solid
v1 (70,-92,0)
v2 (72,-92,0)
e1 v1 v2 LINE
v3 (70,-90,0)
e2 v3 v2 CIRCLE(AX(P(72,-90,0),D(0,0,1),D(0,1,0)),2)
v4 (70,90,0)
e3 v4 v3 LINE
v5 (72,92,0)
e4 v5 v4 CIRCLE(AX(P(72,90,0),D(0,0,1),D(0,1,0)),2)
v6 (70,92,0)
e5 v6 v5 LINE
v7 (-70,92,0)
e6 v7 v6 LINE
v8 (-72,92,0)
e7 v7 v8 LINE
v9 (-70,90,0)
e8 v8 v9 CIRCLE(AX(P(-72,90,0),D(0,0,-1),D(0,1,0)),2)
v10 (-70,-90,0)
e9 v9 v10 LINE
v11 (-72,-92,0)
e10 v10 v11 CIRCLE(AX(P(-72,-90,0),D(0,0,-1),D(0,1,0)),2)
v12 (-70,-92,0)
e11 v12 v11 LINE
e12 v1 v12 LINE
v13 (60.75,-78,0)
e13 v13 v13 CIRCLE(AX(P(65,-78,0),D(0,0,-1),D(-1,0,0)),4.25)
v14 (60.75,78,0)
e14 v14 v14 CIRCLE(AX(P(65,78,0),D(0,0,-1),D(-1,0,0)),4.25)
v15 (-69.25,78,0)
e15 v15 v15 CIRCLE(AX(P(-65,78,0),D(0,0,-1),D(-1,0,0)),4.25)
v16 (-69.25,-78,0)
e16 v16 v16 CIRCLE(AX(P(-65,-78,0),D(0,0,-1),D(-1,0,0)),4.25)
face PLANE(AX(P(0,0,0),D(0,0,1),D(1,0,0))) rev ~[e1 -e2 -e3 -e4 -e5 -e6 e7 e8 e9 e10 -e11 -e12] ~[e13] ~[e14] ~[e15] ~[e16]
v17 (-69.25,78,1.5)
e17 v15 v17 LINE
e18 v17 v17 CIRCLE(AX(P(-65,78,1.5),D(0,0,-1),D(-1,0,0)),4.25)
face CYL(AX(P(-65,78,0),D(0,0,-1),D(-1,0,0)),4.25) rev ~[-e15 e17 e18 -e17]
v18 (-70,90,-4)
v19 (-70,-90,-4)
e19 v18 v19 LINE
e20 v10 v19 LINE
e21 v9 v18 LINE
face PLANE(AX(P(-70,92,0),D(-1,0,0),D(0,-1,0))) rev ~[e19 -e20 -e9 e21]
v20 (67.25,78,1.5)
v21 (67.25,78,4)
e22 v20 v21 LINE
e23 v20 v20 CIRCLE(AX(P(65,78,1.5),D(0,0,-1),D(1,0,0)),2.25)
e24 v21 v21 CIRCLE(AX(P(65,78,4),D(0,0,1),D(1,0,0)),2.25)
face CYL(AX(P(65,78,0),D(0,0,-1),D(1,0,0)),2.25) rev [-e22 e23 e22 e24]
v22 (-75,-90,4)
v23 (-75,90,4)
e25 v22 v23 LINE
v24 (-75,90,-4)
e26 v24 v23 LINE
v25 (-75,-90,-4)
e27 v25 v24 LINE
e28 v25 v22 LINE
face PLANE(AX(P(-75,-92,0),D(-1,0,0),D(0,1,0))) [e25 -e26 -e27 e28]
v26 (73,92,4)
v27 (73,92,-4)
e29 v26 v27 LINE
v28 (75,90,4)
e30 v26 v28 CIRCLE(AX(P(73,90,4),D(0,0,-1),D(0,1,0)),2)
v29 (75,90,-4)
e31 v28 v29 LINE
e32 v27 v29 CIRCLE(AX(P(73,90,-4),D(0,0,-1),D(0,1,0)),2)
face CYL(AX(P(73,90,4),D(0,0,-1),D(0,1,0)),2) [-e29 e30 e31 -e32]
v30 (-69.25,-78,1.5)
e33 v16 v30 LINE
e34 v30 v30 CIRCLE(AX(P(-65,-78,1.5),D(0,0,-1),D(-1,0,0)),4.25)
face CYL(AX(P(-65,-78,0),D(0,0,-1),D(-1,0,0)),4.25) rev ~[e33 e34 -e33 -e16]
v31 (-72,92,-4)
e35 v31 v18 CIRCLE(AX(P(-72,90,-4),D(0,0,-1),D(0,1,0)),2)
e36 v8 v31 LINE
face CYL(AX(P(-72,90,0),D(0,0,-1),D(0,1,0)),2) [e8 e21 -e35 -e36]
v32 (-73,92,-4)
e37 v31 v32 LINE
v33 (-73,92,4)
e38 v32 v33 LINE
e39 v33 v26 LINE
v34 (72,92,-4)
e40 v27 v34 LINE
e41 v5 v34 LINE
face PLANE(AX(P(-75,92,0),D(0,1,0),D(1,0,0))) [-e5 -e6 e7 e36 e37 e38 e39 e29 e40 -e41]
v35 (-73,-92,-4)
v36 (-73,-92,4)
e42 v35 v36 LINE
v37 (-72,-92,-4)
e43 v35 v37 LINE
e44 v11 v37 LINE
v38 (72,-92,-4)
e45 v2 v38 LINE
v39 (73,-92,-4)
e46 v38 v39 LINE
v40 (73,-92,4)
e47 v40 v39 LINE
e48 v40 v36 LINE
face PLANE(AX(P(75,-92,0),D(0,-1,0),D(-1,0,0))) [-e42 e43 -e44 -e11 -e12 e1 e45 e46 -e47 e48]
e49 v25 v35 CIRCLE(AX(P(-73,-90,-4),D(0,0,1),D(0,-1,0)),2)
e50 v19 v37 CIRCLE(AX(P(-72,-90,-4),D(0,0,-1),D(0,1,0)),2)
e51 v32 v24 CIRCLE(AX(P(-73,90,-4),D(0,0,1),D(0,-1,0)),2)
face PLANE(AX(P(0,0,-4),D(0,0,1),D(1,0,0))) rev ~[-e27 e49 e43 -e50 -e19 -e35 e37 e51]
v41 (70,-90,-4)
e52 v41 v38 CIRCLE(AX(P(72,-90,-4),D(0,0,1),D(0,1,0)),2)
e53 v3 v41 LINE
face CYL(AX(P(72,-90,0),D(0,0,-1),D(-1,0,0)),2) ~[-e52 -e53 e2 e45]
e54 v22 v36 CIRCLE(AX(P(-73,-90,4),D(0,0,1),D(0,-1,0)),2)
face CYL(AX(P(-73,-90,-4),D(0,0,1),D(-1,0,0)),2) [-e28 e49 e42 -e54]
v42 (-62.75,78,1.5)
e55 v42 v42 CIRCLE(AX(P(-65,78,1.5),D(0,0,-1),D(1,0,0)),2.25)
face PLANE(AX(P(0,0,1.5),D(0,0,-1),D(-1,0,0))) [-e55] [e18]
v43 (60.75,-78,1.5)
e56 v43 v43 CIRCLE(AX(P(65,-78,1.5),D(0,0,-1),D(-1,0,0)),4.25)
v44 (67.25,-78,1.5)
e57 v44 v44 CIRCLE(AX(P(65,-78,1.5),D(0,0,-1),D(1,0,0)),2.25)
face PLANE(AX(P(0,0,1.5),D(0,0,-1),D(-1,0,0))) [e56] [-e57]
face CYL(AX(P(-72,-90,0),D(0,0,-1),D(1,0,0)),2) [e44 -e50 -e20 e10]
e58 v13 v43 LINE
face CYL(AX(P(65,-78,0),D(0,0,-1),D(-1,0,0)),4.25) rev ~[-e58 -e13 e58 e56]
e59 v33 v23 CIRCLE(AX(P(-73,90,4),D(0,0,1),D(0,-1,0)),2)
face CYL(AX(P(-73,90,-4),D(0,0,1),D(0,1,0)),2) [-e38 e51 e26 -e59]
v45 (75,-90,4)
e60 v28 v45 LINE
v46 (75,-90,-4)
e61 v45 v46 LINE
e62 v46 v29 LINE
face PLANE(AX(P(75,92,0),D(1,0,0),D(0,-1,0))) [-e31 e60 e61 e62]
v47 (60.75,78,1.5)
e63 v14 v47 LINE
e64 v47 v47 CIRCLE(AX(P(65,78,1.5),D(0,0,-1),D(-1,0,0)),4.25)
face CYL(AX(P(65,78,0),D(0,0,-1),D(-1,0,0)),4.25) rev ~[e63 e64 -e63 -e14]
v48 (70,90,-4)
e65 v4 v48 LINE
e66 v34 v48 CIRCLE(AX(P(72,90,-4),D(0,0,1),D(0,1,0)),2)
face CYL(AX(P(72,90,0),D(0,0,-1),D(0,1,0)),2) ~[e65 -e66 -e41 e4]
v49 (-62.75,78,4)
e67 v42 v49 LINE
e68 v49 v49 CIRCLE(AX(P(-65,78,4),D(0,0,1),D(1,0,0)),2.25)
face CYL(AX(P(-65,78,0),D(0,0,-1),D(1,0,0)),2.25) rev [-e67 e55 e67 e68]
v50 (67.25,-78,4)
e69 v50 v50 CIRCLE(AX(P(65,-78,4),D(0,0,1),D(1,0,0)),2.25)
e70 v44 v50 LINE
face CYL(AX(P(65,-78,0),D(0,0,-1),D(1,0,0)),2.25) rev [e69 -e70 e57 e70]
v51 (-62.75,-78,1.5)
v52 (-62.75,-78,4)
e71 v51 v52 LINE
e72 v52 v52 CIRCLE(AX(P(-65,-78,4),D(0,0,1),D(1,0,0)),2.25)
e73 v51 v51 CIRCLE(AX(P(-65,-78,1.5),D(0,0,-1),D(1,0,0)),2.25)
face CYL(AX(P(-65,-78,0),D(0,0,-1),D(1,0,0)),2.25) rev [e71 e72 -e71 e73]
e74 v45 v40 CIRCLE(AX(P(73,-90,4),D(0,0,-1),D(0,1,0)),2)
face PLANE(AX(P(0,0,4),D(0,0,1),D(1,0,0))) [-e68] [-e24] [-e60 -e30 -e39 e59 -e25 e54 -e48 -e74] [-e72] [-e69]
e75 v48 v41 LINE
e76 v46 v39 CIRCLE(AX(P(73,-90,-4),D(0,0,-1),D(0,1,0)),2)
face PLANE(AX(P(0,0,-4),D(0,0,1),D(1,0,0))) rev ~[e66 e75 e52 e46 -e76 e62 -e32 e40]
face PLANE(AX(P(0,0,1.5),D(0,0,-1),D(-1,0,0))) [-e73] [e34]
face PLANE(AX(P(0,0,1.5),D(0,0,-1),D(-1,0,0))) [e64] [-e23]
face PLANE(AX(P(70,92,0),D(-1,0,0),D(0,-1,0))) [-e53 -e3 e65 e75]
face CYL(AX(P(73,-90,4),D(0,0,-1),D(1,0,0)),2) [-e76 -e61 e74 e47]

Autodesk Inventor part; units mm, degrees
ref_plane "YZ Plane" through (0, 0, 0) normal (1, 0, 0) x (0, 1, 0)
ref_plane "XZ Plane" through (0, 0, 0) normal (0, 1, 0) x (-1, 0, 0)
ref_plane "XY Plane" through (0, 0, 0) normal (0, 0, 1) x (1, 0, 0)
sketch "スケッチ1" plane through (0, 0, 0) normal (0, 0, 1) x (1, 0, 0)
  line L0 (-75, 92) -> (75, 92)
  line L1 (75, 92) -> (75, -92)
  line L2 (75, -92) -> (-75, -92)
  line L3 (-75, -92) -> (-75, 92)
  line L4 (65, 92) -> (65, -92) construction
  line L5 (-65, 92) -> (-65, -92) construction
  line L6 (-65, 0) -> (65, 0) construction
  circle A0 centre (-65, 78) radius 2.25
  circle A1 centre (65, 78) radius 2.25
  circle A2 centre (-65, -78) radius 2.25
  circle A3 centre (65, -78) radius 2.25
  point P0 (0, 0)
  point P1 (0, 92)
  point P2 (-75, 0)
  point P3 (0, 0)
  dimension "d0" = 184
  dimension "d1" = 150
  dimension "d2" = 130
  dimension "d3" = 78
  dimension "d4" = 78
  dimension "d5" = 4.5
extrude "押し出し1" add sketch "スケッチ1" along normal blind 4
sketch "スケッチ3" plane through (0, 0, 0) normal (0, 0, 1) x (1, 0, 0)
  line L0 (-75, -92) -> (75, -92) construction
  line L1 (-75, 92) -> (-75, -92) construction
  line L2 (75, 92) -> (-75, 92) construction
  line L3 (75, -92) -> (75, 92) construction
  circle A0 centre (65, -78) radius 2.25 construction
  circle A1 centre (-65, -78) radius 2.25 construction
  circle A2 centre (65, 78) radius 2.25 construction
  circle A3 centre (-65, 78) radius 2.25 construction
  line L4 (75, 92) -> (-75, 92) projected
  line L5 (-75, -92) -> (75, -92) projected
  line L6 (-75, 92) -> (-70, 92)
  line L7 (-70, 92) -> (-70, -92)
  line L8 (-70, -92) -> (-75, -92)
  line L9 (-75, -92) -> (-75, 92)
  line L10 (75, -92) -> (75, 92) projected
  line L11 (75, 92) -> (70, 92)
  line L12 (70, 92) -> (70, -92)
  line L13 (70, -92) -> (75, -92)
  line L14 (75, -92) -> (75, 92)
  point P0 (0, 0)
  point P1 (70, 92)
  point P2 (70, -92)
  dimension "d8" = 5
extrude "押し出し2" add sketch "スケッチ3" against normal blind 4 contours L10 L5 L12 L4 | L7 L5 L9 L4
sketch "スケッチ4" plane through (0, 0, 0) normal (0, 0, -1) x (-1, 0, 0)
  circle A0 centre (65, 78) radius 2.25 construction
  circle A1 centre (-65, 78) radius 2.25 construction
  circle A2 centre (-65, -78) radius 2.25 construction
  circle A3 centre (65, -78) radius 2.25 construction
  circle A4 centre (65, 78) radius 2.25 projected
  circle A5 centre (65, 78) radius 4.25
  circle A6 centre (65, -78) radius 2.25 projected
  circle A7 centre (65, -78) radius 4.25
  circle A8 centre (-65, 78) radius 2.25 projected
  circle A9 centre (-65, 78) radius 4.25
  circle A10 centre (-65, -78) radius 2.25 projected
  circle A11 centre (-65, -78) radius 4.25
  point P0 (0, 0)
  point P1 (63.9692, 92)
  point P2 (66.0308, 92)
  point P3 (-66.0308, 92)
  point P4 (-63.9692, 92)
  point P5 (-63.9692, -92)
  point P6 (-66.0308, -92)
  point P7 (66.0308, -92)
  point P8 (63.9692, -92)
  dimension "d12" = 8.5
extrude "押し出し3" cut sketch "スケッチ4" against normal blind 1.5 contours A4 | A5 | A6 | A7 | A8 | A9 | A10 | A11
fillet "フィレット1" radius 2 8 edges at (-70, 92, -2) (-75, 92, 0) (70, 92, -2) (75, 92, 0) (75, -92, 0) (70, -92, -2) (-70, -92, -2) (-75, -92, 0)
equation "\"d4\" = d3"
properties part number "bottom_140mm_3"
